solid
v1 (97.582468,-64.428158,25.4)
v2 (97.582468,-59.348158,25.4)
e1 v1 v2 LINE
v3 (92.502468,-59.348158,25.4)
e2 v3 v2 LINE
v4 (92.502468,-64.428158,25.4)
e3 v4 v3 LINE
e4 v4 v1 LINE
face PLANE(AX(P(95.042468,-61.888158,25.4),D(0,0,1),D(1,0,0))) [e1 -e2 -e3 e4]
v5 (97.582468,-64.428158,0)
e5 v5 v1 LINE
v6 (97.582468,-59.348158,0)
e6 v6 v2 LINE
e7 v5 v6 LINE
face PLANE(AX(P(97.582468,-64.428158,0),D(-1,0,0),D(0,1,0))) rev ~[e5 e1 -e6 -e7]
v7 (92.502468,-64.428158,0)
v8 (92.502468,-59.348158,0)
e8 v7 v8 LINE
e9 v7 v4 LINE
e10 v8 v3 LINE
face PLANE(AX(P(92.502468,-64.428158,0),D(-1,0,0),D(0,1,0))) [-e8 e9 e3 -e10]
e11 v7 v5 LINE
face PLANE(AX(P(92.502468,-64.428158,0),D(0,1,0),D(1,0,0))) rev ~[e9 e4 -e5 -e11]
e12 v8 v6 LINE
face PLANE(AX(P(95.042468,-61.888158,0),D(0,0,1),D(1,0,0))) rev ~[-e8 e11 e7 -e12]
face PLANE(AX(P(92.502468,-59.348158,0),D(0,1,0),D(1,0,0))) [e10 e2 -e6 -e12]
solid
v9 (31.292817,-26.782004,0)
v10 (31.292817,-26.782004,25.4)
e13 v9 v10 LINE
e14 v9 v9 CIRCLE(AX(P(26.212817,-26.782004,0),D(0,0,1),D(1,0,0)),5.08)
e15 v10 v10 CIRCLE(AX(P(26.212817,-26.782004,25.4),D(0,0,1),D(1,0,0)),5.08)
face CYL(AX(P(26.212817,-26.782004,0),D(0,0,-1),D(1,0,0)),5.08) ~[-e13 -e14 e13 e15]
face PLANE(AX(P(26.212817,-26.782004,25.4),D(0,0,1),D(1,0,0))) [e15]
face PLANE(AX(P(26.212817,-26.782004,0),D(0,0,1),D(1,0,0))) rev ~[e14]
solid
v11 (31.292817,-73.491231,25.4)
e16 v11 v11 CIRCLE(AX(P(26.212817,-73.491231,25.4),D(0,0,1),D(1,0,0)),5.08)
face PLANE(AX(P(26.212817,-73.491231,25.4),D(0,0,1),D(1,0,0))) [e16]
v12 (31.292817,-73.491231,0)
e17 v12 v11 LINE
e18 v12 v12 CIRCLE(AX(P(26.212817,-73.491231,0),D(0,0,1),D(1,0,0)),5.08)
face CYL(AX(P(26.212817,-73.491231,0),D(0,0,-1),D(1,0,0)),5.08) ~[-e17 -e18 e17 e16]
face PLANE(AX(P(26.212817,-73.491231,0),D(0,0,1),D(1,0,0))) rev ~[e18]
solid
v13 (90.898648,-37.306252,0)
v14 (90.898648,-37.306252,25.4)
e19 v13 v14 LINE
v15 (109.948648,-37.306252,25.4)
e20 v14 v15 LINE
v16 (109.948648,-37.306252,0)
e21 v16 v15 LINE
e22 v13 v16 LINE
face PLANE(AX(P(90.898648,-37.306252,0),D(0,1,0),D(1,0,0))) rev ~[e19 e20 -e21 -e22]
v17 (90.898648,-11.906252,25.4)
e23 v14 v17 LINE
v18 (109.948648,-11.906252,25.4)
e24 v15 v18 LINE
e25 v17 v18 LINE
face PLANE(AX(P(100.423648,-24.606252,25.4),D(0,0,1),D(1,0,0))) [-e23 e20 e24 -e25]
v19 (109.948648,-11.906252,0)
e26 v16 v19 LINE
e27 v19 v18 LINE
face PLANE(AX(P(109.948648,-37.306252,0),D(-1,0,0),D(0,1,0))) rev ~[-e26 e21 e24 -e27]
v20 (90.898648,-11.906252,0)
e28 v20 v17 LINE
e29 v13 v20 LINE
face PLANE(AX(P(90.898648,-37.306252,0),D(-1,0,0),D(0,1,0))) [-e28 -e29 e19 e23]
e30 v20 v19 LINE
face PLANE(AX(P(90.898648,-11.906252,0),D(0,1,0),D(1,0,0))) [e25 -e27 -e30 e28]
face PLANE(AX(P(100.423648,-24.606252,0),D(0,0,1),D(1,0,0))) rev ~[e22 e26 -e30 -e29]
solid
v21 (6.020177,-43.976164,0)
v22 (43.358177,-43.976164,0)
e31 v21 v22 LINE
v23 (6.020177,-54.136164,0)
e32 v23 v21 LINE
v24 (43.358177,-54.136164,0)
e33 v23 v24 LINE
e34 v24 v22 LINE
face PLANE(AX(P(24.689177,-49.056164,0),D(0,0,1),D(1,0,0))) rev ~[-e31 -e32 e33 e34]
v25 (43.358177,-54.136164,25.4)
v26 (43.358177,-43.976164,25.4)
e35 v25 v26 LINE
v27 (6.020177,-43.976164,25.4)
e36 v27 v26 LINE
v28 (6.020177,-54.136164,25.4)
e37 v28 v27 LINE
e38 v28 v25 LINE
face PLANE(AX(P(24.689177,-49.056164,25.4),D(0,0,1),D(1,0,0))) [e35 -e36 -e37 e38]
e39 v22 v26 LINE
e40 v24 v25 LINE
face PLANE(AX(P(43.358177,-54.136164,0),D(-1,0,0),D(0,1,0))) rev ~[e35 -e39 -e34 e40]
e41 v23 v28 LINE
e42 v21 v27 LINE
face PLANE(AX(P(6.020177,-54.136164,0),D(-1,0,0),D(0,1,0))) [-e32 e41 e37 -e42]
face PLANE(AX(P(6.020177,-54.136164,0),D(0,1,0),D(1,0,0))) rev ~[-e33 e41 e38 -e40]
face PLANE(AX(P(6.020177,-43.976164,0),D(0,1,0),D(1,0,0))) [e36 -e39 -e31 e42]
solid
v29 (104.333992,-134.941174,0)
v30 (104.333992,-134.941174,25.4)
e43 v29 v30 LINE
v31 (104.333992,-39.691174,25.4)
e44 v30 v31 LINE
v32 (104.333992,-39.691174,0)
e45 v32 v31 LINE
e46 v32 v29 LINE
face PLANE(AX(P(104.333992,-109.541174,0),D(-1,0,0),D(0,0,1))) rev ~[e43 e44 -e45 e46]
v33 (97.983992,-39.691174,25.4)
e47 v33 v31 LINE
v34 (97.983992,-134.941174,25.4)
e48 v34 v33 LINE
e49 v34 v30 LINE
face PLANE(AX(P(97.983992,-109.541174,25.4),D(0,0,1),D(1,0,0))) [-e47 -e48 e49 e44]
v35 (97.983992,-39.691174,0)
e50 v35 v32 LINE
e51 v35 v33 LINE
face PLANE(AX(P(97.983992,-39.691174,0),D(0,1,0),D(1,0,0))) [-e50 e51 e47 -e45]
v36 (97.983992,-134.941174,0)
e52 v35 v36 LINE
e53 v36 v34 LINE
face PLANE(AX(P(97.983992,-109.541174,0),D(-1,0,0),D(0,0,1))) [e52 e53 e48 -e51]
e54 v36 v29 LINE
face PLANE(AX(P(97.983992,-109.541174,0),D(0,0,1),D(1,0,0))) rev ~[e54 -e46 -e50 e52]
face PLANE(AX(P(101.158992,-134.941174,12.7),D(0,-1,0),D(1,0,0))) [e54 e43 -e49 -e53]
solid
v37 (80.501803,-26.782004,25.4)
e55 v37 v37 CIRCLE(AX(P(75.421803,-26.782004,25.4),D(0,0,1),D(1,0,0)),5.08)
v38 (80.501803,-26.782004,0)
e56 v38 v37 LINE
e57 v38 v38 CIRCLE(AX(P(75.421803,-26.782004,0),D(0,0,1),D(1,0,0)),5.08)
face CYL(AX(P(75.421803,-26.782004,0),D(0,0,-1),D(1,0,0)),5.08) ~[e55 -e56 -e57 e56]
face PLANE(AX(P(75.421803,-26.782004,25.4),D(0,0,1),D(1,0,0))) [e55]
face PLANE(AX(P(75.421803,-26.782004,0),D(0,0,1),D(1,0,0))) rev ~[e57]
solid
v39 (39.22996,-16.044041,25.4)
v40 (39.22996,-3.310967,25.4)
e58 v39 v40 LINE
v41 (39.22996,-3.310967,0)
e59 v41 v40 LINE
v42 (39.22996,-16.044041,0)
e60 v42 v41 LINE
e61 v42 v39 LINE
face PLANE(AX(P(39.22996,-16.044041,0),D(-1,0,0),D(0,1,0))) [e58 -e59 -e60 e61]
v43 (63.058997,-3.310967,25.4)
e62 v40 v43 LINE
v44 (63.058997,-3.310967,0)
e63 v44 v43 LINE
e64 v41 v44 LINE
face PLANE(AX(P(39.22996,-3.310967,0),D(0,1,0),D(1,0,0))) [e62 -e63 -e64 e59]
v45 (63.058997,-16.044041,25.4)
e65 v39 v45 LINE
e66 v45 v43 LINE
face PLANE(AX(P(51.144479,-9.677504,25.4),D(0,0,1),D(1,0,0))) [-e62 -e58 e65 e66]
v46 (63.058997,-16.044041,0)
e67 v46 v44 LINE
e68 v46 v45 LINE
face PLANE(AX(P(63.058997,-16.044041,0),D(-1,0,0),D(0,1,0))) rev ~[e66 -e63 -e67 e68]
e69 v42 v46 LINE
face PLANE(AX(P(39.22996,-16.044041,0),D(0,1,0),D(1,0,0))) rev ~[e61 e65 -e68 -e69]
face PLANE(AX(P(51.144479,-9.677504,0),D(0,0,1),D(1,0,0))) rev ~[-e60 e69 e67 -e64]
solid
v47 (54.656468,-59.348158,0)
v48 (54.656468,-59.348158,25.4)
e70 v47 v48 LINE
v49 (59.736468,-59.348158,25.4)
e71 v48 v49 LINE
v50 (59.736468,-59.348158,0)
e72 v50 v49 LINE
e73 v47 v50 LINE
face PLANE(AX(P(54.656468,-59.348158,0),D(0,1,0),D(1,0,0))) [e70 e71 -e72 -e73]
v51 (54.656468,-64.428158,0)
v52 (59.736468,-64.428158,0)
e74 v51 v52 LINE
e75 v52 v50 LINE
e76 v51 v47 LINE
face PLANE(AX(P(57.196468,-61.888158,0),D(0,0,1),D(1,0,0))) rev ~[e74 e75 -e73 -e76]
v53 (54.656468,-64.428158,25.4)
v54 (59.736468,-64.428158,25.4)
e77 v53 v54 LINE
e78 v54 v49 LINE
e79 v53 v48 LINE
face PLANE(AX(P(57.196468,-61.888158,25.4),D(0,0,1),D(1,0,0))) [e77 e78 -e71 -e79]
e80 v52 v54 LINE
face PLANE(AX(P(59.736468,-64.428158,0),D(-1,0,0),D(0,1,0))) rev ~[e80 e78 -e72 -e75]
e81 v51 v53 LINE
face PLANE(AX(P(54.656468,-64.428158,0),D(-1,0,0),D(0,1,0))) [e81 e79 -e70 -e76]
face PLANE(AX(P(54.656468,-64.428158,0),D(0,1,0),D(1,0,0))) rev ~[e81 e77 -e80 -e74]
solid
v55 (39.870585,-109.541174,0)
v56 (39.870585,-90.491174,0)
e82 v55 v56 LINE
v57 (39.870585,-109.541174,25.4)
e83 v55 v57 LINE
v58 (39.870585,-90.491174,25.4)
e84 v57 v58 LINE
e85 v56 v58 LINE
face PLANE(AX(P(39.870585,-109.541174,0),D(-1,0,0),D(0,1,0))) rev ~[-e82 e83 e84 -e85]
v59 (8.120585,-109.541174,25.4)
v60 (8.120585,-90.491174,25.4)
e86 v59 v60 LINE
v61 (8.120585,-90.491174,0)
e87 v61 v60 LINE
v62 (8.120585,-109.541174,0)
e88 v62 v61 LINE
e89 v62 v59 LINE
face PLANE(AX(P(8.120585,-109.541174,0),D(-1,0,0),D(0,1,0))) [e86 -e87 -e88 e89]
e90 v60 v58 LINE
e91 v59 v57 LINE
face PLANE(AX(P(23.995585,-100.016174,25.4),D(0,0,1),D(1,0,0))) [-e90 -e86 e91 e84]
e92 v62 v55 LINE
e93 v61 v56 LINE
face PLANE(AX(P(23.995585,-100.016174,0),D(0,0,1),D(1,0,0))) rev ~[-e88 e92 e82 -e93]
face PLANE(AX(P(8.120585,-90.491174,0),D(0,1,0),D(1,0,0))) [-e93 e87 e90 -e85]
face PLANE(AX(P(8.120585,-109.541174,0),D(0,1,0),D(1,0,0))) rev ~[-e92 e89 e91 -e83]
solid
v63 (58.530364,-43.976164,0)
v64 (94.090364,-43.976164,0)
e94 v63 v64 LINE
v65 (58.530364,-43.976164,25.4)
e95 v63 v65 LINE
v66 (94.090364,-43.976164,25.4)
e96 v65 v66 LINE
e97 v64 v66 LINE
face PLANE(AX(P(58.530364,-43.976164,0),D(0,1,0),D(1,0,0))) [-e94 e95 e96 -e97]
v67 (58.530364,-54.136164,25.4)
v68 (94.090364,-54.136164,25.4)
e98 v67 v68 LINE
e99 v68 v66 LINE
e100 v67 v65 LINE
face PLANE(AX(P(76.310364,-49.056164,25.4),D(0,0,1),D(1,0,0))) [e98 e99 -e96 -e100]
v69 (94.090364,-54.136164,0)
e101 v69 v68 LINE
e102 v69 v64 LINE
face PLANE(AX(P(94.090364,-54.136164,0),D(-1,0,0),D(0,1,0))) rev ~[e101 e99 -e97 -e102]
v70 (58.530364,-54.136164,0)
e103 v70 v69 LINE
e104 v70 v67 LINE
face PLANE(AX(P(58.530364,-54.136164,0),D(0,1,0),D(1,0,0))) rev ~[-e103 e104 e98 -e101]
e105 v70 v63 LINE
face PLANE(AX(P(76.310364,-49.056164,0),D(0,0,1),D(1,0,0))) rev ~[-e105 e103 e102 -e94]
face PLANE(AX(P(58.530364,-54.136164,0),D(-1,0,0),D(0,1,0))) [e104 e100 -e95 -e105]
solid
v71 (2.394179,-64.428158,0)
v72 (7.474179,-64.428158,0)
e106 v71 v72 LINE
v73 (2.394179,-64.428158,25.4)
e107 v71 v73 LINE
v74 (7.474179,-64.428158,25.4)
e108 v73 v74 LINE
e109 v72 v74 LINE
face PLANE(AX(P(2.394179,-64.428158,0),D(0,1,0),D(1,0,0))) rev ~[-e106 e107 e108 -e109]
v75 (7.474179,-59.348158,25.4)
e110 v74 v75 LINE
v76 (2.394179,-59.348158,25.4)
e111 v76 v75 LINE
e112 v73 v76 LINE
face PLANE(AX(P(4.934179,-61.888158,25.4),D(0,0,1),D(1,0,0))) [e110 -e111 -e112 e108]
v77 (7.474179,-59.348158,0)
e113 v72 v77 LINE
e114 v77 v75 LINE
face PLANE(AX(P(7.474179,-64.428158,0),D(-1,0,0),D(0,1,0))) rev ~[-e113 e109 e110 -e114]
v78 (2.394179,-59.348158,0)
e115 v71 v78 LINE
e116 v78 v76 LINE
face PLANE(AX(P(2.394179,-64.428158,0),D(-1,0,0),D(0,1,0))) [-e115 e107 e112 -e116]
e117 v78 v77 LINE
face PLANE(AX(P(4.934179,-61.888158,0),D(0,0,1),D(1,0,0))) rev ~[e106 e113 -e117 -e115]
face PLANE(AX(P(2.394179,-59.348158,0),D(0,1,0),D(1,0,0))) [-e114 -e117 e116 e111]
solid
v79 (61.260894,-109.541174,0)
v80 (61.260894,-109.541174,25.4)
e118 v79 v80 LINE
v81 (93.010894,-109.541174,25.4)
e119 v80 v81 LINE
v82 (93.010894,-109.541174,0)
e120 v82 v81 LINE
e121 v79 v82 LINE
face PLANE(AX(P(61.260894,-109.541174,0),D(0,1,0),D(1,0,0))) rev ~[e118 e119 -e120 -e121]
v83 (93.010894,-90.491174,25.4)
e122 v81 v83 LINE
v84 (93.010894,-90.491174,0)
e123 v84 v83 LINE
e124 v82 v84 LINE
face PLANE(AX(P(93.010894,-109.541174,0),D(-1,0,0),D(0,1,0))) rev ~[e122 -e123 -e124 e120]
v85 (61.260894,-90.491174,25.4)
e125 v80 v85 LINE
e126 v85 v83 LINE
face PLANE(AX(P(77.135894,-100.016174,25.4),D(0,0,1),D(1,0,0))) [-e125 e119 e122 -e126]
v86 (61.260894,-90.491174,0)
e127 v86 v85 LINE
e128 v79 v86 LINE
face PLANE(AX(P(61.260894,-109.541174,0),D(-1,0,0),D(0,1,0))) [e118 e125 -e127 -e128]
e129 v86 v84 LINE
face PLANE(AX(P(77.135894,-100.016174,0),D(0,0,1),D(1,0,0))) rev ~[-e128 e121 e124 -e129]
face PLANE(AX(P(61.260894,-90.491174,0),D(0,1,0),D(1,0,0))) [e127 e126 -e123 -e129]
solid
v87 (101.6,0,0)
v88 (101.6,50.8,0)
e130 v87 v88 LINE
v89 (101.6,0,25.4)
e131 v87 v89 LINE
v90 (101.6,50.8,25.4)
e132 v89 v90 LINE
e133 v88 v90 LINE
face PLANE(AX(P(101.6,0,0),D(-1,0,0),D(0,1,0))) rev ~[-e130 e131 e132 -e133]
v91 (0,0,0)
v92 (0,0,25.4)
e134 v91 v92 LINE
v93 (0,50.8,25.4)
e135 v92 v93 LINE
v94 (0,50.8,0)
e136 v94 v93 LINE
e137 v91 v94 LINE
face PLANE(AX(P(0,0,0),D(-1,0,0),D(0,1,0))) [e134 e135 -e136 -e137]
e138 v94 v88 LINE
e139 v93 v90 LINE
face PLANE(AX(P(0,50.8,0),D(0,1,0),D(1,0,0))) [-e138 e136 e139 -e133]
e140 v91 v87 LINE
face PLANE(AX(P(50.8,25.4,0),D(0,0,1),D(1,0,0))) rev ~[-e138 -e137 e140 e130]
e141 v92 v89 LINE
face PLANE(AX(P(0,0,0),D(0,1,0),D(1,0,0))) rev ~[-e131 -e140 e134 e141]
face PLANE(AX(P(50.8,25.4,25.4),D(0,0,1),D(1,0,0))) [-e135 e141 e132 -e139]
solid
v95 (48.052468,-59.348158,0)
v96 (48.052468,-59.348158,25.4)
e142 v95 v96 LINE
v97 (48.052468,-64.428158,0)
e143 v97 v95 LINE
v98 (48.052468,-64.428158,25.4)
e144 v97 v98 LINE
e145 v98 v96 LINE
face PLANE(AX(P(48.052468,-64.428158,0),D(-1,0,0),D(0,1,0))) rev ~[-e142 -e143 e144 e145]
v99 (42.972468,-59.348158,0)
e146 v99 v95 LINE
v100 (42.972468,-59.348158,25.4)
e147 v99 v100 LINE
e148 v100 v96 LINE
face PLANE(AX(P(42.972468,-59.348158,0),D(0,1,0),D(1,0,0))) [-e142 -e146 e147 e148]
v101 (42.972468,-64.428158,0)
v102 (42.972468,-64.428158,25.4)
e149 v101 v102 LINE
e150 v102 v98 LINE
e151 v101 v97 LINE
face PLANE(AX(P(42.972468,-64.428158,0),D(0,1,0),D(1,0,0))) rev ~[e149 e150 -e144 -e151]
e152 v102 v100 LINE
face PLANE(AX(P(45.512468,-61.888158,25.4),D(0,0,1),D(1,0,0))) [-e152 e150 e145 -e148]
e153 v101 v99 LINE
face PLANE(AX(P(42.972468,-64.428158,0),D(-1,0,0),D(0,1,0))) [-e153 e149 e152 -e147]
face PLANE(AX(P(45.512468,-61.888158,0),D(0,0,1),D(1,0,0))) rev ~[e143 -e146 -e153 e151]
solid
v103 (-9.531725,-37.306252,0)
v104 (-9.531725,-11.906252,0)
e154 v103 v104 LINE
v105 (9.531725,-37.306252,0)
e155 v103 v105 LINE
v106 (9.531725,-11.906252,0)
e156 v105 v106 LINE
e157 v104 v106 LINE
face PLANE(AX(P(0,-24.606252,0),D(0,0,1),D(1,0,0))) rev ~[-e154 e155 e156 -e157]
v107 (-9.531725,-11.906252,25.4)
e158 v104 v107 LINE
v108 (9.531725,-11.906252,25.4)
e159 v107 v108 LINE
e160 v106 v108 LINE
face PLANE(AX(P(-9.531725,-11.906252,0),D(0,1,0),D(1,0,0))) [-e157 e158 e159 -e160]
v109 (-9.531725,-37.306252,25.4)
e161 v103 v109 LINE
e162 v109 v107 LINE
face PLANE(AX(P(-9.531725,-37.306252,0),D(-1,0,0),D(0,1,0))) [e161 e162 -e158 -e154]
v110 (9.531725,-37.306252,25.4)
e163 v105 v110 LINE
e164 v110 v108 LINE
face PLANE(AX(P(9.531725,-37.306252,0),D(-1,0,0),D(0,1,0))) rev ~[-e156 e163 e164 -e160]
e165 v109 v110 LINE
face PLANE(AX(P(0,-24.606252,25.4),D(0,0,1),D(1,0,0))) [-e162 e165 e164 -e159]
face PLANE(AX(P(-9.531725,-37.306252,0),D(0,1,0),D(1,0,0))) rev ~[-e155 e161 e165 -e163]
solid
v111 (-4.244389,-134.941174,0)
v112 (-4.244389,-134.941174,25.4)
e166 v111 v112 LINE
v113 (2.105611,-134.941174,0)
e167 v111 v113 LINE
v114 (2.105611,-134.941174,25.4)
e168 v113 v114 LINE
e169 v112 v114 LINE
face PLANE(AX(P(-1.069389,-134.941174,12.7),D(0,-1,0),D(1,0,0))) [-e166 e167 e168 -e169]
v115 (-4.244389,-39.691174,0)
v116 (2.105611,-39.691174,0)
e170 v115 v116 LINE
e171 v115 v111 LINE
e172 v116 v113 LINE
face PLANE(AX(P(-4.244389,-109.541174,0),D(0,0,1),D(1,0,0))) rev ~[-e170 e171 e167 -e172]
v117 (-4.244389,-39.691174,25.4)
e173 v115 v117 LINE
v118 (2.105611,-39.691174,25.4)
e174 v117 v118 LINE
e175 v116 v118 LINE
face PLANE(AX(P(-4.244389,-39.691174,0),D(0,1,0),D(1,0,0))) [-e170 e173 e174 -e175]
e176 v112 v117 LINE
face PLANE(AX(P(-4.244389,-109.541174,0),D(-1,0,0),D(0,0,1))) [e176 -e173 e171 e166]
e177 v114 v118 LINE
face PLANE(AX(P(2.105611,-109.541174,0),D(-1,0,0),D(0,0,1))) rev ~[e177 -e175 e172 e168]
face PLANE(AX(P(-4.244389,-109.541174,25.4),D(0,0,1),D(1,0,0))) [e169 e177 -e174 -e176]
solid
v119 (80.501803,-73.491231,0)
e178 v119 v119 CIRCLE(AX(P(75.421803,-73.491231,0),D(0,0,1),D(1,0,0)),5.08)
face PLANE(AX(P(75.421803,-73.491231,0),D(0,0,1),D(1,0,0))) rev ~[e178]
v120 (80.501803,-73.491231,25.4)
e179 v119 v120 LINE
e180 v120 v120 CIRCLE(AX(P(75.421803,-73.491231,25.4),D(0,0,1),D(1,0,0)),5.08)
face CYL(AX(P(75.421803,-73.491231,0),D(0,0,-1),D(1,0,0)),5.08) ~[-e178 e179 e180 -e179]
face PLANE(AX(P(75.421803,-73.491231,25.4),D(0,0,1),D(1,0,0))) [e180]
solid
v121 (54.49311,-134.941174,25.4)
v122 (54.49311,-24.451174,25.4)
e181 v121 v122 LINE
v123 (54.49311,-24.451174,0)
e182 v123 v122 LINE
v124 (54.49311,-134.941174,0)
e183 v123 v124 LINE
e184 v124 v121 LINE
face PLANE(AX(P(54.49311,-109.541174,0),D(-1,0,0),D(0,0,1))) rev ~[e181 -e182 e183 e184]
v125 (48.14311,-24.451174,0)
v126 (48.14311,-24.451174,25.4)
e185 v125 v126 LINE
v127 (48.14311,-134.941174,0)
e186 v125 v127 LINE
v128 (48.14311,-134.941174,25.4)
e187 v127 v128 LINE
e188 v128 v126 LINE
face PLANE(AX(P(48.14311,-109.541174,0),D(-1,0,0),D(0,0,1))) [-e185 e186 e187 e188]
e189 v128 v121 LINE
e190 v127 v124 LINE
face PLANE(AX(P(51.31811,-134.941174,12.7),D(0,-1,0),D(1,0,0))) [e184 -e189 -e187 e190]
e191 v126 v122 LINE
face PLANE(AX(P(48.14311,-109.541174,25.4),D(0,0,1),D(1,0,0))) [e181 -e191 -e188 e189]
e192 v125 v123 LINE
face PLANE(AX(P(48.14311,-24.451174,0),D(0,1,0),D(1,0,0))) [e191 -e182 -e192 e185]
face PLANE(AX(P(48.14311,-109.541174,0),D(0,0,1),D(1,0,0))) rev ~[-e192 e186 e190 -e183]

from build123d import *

# Parameters (mm, degrees)
F0_W      = 101.6
F0_H      = 50.8
F1_DEPTH  = 25.4
F2_W      = 19.06345
F2_H      = 25.4
F2_W_2    = 19.05
F3_DEPTH  = 25.4
F4_W      = 23.829037
F4_H      = 12.733073
F4_W_2    = 6.35
F4_H_2    = 85.09
F4_H_3    = 69.85
F4_W_3    = 37.338
F4_H_4    = 10.16
F4_W_4    = 35.56
F4_W_5    = 31.75
F4_H_5    = 19.05
F5_DEPTH  = 25.4
F6_W      = 5.08
F6_H      = 5.08
F7_DEPTH  = 25.4
F8_R      = 5.08
F9_DEPTH  = 25.4
F10_W     = 6.35
F10_H     = 25.4
F11_DEPTH = 25.4
F12_W     = 6.35
F12_H     = 25.4
F13_DEPTH = 25.4
F5_FACE_W = 6.35
F5_FACE_H = 25.4
F14_DEPTH = 25.4


with BuildPart() as f1:
    # F0 (on Top) → F1 (new body)
    with BuildSketch(Plane.XY):
        with Locations((50.8, 25.4)):
            Rectangle(F0_W, F0_H)
    extrude(amount=F1_DEPTH)


with BuildPart() as f3:
    # F2 (on Top) → F3 (new body)
    with BuildSketch(Plane.XY):
        with Locations((0, -24.606252)):
            Rectangle(F2_W, F2_H)
        with Locations((100.423648, -24.606252)):
            Rectangle(F2_W_2, F2_H)
    extrude(amount=F3_DEPTH)


with BuildPart() as f5:
    # F4 (on Top) → F5 (new body)
    with BuildSketch(Plane.XY):
        with Locations((51.144479, -9.677504)):
            Rectangle(F4_W, F4_H)
        with Locations((51.31811, -66.996174)):
            Rectangle(F4_W_2, F4_H_2)
        with Locations((101.158992, -74.616174)):
            Rectangle(F4_W_2, F4_H_3)
        with Locations((-1.069389, -74.616174)):
            Rectangle(F4_W_2, F4_H_3)
        with Locations((24.689177, -49.056164)):
            Rectangle(F4_W_3, F4_H_4)
        with Locations((76.310364, -49.056164)):
            Rectangle(F4_W_4, F4_H_4)
        with Locations((23.995585, -100.016174)):
            Rectangle(F4_W_5, F4_H_5)
        with Locations((77.135894, -100.016174)):
            Rectangle(F4_W_5, F4_H_5)
    extrude(amount=F5_DEPTH)

    # F10 (on face) → F11 (join)
    with BuildSketch(Plane.XZ.offset(109.541174)):
        with Locations((51.31811, 12.7)):
            Rectangle(F10_W, F10_H)
    extrude(amount=F11_DEPTH)

    # F12 (on face) → F13 (join)
    with BuildSketch(Plane.XZ.offset(109.541174)):
        with Locations((101.158992, 12.7)):
            Rectangle(F12_W, F12_H)
    extrude(amount=F13_DEPTH)

    # F5_face (on face) → F14 (join)
    with BuildSketch(Plane(origin=(51.31811, -109.541174, 12.7), x_dir=(1, 0, 0), z_dir=(0, -1, 0))):
        with Locations((-52.387499, 0)):
            Rectangle(F5_FACE_W, F5_FACE_H)
    extrude(amount=F14_DEPTH)


with BuildPart() as f7:
    # F6 (on Top) → F7 (new body)
    with BuildSketch(Plane.XY):
        with Locations((4.934179, -61.888158)):
            Rectangle(F6_W, F6_H)
        with Locations((45.512468, -61.888158)):
            Rectangle(F6_W, F6_H)
        with Locations((57.196468, -61.888158)):
            Rectangle(F6_W, F6_H)
        with Locations((95.042468, -61.888158)):
            Rectangle(F6_W, F6_H)
    extrude(amount=F7_DEPTH)


with BuildPart() as f9:
    # F8 (on Top) → F9 (new body)
    with BuildSketch(Plane.XY):
        with Locations((26.212817, -26.782004)):
            Circle(F8_R)
        with Locations((75.421803, -26.782004)):
            Circle(F8_R)
        with Locations((75.421803, -73.491231)):
            Circle(F8_R)
        with Locations((26.212817, -73.491231)):
            Circle(F8_R)
    extrude(amount=F9_DEPTH)


solid = Compound([f1.part, f3.part, f5.part, f7.part, f9.part])
